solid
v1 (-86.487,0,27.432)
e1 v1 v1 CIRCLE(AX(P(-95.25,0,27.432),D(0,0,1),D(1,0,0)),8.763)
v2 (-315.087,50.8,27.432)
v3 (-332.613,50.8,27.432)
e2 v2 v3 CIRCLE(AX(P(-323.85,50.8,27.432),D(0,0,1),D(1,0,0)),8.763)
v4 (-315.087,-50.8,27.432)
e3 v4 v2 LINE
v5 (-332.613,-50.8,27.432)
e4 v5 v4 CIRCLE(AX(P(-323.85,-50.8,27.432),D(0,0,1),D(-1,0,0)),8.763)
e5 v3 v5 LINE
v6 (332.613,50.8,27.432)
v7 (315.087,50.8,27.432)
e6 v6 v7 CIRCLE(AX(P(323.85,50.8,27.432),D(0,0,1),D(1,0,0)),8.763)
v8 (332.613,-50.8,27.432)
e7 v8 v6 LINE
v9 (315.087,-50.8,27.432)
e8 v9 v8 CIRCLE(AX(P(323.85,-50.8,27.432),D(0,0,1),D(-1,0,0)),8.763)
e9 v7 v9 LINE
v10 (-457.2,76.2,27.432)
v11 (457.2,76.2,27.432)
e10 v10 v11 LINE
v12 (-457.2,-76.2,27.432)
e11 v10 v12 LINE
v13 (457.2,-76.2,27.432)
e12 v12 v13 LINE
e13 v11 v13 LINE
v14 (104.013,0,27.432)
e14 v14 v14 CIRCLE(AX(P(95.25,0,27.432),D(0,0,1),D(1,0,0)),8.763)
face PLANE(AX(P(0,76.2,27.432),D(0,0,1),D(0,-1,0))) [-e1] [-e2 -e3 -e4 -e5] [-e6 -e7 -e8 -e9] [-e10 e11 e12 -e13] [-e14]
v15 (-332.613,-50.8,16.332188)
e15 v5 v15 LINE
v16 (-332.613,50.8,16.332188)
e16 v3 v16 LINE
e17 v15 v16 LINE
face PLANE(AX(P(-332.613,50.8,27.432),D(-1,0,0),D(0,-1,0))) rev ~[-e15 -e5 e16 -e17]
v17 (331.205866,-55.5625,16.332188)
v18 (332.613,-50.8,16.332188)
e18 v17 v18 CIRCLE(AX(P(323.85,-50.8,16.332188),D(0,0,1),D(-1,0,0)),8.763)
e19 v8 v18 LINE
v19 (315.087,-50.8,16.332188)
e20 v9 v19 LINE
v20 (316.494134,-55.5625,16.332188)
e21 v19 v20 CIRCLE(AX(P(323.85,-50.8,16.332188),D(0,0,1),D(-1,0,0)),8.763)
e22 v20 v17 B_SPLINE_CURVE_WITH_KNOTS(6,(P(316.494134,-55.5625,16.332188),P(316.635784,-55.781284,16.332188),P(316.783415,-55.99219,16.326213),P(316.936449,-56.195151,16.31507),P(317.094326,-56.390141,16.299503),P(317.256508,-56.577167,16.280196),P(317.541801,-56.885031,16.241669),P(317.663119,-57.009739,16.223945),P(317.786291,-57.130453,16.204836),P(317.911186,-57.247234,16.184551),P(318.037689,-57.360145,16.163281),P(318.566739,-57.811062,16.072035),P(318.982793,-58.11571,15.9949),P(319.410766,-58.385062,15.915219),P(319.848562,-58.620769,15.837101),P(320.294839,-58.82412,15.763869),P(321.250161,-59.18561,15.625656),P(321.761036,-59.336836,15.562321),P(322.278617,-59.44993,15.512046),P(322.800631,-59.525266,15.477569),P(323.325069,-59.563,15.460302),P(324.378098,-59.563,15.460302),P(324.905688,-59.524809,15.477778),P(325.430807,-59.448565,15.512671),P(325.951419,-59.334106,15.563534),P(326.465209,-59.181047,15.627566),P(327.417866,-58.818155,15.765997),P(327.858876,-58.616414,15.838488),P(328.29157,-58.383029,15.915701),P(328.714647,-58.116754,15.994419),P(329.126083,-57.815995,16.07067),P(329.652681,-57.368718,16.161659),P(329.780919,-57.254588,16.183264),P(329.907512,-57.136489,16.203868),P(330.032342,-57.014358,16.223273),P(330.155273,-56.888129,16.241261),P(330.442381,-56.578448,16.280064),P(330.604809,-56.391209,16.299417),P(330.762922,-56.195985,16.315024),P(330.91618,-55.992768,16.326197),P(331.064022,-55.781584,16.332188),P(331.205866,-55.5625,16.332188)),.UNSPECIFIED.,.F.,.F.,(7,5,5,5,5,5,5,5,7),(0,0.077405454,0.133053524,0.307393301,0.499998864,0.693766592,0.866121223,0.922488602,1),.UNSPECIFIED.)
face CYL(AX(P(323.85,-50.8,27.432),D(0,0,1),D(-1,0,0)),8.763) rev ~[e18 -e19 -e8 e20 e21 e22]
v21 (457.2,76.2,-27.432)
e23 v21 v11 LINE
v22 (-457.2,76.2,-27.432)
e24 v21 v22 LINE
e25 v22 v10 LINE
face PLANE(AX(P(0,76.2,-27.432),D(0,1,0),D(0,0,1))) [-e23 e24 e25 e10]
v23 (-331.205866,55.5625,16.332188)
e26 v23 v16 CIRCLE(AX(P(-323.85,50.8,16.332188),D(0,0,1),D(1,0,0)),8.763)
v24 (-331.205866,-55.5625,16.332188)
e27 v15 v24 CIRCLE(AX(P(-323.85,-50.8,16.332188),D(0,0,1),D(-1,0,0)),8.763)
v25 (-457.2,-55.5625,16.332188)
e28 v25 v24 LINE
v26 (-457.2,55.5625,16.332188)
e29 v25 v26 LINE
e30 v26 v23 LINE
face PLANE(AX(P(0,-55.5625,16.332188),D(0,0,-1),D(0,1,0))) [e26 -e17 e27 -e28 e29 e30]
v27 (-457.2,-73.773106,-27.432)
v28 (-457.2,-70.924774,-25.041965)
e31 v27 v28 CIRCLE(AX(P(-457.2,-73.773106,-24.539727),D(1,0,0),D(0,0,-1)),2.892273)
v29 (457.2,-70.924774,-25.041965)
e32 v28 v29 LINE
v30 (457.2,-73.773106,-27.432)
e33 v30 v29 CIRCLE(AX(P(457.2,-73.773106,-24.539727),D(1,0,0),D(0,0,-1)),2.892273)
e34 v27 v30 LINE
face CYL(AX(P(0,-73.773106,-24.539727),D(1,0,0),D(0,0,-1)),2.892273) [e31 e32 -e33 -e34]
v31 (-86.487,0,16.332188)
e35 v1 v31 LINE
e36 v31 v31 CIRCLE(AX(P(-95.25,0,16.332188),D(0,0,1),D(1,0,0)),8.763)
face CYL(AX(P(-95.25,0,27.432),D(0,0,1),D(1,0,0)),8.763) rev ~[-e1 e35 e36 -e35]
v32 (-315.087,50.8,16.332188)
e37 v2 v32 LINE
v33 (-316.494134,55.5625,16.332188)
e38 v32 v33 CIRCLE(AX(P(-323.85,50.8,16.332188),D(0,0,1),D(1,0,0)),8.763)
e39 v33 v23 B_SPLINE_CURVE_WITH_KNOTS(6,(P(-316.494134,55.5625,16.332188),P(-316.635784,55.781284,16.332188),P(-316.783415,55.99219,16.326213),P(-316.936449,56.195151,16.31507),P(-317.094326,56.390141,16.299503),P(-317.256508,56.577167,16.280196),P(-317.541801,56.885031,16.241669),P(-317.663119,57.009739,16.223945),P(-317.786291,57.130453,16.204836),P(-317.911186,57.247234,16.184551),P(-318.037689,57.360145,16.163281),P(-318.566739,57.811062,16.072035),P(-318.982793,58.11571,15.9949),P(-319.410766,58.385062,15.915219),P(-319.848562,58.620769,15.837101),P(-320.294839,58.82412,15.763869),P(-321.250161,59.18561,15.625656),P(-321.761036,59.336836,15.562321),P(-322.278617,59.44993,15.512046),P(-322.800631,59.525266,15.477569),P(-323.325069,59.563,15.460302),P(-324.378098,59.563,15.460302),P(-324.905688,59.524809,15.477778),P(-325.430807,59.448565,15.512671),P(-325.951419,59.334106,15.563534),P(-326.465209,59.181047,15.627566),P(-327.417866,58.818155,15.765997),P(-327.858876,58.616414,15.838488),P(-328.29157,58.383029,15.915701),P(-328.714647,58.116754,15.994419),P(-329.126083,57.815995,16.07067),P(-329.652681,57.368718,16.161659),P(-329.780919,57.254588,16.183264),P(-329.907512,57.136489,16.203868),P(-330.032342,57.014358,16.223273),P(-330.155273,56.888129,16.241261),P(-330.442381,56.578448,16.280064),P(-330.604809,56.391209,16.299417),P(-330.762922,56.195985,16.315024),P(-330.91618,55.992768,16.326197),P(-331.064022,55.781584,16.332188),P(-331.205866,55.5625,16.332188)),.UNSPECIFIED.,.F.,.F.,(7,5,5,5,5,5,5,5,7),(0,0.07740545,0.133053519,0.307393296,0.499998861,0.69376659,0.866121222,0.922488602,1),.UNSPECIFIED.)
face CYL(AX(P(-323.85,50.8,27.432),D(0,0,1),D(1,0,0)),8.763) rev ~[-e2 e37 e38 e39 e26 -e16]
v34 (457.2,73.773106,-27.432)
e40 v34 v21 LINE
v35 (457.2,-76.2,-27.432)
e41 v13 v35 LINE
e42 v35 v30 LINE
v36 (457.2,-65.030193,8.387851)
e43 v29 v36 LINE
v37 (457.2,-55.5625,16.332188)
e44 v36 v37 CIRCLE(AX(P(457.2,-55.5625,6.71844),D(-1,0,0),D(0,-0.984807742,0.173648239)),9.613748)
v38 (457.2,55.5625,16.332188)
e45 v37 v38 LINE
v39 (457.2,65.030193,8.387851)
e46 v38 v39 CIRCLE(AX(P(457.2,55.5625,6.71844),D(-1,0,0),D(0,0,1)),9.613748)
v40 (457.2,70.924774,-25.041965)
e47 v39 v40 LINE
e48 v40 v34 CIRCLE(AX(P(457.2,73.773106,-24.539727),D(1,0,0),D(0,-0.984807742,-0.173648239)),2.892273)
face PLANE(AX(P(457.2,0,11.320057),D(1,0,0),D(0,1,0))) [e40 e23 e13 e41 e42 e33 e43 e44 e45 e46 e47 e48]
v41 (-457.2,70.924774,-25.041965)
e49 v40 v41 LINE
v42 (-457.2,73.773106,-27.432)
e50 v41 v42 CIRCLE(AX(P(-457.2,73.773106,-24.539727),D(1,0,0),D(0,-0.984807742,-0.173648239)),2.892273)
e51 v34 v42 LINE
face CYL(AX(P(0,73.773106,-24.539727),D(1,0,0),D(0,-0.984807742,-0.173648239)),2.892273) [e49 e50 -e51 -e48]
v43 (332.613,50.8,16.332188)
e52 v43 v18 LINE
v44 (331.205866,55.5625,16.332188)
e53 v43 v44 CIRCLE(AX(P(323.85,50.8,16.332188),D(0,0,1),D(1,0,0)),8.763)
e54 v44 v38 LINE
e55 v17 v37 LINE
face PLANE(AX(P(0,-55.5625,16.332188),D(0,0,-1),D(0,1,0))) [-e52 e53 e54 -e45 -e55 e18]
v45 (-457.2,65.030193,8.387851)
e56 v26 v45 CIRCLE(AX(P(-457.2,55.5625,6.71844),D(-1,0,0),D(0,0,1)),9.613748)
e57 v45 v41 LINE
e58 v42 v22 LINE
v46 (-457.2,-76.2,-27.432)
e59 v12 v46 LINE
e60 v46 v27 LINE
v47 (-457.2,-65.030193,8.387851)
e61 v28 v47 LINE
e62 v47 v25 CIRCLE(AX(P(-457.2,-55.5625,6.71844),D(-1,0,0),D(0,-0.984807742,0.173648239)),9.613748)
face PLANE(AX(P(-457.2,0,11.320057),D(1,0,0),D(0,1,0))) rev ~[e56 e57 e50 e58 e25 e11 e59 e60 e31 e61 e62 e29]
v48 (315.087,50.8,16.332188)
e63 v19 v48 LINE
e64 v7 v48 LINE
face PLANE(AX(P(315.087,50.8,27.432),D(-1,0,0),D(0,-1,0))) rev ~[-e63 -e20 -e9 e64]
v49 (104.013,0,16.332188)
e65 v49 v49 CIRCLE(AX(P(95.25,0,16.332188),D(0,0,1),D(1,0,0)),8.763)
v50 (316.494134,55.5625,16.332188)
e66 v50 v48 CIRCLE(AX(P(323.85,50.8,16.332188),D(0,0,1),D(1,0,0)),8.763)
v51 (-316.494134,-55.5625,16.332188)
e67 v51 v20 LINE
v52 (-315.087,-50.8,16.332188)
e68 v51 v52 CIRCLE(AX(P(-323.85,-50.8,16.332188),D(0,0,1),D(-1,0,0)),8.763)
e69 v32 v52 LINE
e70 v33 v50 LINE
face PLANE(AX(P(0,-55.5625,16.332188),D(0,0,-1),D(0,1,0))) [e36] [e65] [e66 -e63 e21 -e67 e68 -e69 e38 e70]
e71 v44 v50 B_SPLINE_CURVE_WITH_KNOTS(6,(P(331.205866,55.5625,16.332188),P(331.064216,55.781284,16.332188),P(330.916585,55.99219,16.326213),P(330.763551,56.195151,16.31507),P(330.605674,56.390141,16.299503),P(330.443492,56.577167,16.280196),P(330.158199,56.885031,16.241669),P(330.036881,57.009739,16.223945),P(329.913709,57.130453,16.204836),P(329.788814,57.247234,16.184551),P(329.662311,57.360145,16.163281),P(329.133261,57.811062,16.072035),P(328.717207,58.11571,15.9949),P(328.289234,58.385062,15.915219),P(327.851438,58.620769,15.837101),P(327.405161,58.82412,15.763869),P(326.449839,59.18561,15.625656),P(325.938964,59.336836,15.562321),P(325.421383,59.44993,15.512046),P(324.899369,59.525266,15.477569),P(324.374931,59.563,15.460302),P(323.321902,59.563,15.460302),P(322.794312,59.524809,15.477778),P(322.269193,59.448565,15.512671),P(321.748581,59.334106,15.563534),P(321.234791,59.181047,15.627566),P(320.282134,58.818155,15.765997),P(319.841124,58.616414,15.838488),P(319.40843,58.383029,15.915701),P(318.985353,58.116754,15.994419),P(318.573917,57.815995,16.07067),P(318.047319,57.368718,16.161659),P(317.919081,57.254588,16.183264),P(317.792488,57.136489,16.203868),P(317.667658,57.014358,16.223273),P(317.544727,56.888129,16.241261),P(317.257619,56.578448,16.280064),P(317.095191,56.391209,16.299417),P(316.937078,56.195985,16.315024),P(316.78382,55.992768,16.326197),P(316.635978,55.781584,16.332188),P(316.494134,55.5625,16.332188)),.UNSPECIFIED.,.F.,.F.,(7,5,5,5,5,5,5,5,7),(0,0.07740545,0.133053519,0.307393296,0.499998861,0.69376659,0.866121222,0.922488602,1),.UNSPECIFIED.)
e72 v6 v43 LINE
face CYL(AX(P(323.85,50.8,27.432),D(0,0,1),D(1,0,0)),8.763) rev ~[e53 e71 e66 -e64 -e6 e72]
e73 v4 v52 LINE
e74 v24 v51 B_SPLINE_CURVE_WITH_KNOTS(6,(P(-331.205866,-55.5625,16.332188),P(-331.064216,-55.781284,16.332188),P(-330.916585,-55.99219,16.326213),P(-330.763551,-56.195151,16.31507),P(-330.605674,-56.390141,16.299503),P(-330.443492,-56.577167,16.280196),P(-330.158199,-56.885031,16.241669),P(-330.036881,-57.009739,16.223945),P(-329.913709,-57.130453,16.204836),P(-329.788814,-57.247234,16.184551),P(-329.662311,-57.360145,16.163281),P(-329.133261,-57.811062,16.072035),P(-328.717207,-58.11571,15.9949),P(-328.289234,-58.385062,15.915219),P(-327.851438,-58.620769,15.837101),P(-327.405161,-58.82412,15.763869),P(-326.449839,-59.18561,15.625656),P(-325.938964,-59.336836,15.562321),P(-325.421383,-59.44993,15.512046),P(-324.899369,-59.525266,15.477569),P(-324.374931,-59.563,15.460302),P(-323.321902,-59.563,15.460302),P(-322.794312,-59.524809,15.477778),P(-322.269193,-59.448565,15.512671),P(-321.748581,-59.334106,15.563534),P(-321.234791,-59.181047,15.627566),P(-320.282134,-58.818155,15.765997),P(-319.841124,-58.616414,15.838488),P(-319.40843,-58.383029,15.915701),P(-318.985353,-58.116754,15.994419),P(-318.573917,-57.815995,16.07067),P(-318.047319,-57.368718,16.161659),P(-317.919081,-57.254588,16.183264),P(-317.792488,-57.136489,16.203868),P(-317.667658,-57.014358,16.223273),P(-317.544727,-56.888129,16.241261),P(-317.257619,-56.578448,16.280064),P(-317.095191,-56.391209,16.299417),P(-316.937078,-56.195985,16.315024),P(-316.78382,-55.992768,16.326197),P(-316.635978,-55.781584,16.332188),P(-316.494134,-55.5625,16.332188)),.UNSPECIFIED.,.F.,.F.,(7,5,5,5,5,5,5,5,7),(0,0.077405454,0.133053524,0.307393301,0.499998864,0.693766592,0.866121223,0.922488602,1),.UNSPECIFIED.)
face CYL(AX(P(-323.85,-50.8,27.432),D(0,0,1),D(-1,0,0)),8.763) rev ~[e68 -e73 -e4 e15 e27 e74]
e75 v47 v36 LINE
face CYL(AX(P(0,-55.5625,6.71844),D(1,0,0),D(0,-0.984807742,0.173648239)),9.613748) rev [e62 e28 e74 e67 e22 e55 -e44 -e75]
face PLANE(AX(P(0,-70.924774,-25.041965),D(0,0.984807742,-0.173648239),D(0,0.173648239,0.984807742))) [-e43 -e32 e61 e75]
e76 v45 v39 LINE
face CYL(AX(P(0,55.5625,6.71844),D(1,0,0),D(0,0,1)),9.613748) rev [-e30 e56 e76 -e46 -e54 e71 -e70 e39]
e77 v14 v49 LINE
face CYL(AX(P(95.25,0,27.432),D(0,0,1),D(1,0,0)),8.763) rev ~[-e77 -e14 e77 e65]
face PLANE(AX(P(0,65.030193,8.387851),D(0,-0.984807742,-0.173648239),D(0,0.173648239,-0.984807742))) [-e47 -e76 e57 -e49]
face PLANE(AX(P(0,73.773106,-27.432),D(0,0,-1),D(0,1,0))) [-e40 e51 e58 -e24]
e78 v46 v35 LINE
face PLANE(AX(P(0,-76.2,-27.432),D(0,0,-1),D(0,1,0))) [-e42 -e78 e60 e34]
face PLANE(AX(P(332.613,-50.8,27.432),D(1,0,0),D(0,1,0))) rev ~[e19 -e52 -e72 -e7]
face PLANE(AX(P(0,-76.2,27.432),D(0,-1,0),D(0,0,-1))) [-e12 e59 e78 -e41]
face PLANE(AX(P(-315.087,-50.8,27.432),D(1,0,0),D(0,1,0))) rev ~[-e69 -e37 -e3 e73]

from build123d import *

# Parameters (mm, degrees)
F1_DEPTH = 457.2
F2_R     = 8.763
F3_DEPTH = 54.865


with BuildPart() as f1:
    # F0 (on Right) → F1 (new body, symmetric)
    with BuildSketch(Plane.YZ):
        with BuildLine():
            Line((76.2, -27.432), (76.2, 27.432))
            Line((76.2, 27.432), (-76.2, 27.432))
            Line((-76.2, 27.432), (-76.2, -27.432))
            Line((-76.2, -27.432), (-73.7731062, -27.432))
            ThreePointArc((-73.7731062, -27.432), (-71.9139892782, -26.7553368114), (-70.9247737511, -25.0419654446))
            Line((-70.9247737511, -25.0419654446), (-65.0301930675, 8.3878505834))
            ThreePointArc((-65.0301930675, 8.3878505834), (-61.7420976094, 14.0829983594), (-55.5625, 16.3321878394))
            Line((-55.5625, 16.3321878394), (55.5625, 16.3321878394))
            ThreePointArc((55.5625, 16.3321878394), (61.7420976094, 14.0829983594), (65.0301930675, 8.3878505834))
            Line((65.0301930675, 8.3878505834), (70.9247737511, -25.0419654446))
            ThreePointArc((70.9247737511, -25.0419654446), (71.9139892782, -26.7553368114), (73.7731062, -27.432))
            Line((73.7731062, -27.432), (76.2, -27.432))
        make_face()
    extrude(amount=F1_DEPTH, both=True)

    # F2 (on face) → F3 (cut, through all)
    with BuildSketch(Plane.XY.offset(27.432)):
        with BuildLine():
            Line((-315.087, -50.8), (-315.087, 50.8))
            ThreePointArc((-315.087, 50.8), (-323.85, 59.563), (-332.613, 50.8))
            Line((-332.613, 50.8), (-332.613, -50.8))
            ThreePointArc((-332.613, -50.8), (-323.85, -59.563), (-315.087, -50.8))
        make_face()
        with Locations((-95.25, 0)):
            Circle(F2_R)
        with Locations((95.25, 0)):
            Circle(F2_R)
        with BuildLine():
            ThreePointArc((315.087, -50.8), (323.85, -59.563), (332.613, -50.8))
            Line((332.613, -50.8), (332.613, 50.8))
            ThreePointArc((332.613, 50.8), (323.85, 59.563), (315.087, 50.8))
            Line((315.087, 50.8), (315.087, -50.8))
        make_face()
    extrude(amount=-F3_DEPTH, mode=Mode.SUBTRACT)


solid = f1.part
